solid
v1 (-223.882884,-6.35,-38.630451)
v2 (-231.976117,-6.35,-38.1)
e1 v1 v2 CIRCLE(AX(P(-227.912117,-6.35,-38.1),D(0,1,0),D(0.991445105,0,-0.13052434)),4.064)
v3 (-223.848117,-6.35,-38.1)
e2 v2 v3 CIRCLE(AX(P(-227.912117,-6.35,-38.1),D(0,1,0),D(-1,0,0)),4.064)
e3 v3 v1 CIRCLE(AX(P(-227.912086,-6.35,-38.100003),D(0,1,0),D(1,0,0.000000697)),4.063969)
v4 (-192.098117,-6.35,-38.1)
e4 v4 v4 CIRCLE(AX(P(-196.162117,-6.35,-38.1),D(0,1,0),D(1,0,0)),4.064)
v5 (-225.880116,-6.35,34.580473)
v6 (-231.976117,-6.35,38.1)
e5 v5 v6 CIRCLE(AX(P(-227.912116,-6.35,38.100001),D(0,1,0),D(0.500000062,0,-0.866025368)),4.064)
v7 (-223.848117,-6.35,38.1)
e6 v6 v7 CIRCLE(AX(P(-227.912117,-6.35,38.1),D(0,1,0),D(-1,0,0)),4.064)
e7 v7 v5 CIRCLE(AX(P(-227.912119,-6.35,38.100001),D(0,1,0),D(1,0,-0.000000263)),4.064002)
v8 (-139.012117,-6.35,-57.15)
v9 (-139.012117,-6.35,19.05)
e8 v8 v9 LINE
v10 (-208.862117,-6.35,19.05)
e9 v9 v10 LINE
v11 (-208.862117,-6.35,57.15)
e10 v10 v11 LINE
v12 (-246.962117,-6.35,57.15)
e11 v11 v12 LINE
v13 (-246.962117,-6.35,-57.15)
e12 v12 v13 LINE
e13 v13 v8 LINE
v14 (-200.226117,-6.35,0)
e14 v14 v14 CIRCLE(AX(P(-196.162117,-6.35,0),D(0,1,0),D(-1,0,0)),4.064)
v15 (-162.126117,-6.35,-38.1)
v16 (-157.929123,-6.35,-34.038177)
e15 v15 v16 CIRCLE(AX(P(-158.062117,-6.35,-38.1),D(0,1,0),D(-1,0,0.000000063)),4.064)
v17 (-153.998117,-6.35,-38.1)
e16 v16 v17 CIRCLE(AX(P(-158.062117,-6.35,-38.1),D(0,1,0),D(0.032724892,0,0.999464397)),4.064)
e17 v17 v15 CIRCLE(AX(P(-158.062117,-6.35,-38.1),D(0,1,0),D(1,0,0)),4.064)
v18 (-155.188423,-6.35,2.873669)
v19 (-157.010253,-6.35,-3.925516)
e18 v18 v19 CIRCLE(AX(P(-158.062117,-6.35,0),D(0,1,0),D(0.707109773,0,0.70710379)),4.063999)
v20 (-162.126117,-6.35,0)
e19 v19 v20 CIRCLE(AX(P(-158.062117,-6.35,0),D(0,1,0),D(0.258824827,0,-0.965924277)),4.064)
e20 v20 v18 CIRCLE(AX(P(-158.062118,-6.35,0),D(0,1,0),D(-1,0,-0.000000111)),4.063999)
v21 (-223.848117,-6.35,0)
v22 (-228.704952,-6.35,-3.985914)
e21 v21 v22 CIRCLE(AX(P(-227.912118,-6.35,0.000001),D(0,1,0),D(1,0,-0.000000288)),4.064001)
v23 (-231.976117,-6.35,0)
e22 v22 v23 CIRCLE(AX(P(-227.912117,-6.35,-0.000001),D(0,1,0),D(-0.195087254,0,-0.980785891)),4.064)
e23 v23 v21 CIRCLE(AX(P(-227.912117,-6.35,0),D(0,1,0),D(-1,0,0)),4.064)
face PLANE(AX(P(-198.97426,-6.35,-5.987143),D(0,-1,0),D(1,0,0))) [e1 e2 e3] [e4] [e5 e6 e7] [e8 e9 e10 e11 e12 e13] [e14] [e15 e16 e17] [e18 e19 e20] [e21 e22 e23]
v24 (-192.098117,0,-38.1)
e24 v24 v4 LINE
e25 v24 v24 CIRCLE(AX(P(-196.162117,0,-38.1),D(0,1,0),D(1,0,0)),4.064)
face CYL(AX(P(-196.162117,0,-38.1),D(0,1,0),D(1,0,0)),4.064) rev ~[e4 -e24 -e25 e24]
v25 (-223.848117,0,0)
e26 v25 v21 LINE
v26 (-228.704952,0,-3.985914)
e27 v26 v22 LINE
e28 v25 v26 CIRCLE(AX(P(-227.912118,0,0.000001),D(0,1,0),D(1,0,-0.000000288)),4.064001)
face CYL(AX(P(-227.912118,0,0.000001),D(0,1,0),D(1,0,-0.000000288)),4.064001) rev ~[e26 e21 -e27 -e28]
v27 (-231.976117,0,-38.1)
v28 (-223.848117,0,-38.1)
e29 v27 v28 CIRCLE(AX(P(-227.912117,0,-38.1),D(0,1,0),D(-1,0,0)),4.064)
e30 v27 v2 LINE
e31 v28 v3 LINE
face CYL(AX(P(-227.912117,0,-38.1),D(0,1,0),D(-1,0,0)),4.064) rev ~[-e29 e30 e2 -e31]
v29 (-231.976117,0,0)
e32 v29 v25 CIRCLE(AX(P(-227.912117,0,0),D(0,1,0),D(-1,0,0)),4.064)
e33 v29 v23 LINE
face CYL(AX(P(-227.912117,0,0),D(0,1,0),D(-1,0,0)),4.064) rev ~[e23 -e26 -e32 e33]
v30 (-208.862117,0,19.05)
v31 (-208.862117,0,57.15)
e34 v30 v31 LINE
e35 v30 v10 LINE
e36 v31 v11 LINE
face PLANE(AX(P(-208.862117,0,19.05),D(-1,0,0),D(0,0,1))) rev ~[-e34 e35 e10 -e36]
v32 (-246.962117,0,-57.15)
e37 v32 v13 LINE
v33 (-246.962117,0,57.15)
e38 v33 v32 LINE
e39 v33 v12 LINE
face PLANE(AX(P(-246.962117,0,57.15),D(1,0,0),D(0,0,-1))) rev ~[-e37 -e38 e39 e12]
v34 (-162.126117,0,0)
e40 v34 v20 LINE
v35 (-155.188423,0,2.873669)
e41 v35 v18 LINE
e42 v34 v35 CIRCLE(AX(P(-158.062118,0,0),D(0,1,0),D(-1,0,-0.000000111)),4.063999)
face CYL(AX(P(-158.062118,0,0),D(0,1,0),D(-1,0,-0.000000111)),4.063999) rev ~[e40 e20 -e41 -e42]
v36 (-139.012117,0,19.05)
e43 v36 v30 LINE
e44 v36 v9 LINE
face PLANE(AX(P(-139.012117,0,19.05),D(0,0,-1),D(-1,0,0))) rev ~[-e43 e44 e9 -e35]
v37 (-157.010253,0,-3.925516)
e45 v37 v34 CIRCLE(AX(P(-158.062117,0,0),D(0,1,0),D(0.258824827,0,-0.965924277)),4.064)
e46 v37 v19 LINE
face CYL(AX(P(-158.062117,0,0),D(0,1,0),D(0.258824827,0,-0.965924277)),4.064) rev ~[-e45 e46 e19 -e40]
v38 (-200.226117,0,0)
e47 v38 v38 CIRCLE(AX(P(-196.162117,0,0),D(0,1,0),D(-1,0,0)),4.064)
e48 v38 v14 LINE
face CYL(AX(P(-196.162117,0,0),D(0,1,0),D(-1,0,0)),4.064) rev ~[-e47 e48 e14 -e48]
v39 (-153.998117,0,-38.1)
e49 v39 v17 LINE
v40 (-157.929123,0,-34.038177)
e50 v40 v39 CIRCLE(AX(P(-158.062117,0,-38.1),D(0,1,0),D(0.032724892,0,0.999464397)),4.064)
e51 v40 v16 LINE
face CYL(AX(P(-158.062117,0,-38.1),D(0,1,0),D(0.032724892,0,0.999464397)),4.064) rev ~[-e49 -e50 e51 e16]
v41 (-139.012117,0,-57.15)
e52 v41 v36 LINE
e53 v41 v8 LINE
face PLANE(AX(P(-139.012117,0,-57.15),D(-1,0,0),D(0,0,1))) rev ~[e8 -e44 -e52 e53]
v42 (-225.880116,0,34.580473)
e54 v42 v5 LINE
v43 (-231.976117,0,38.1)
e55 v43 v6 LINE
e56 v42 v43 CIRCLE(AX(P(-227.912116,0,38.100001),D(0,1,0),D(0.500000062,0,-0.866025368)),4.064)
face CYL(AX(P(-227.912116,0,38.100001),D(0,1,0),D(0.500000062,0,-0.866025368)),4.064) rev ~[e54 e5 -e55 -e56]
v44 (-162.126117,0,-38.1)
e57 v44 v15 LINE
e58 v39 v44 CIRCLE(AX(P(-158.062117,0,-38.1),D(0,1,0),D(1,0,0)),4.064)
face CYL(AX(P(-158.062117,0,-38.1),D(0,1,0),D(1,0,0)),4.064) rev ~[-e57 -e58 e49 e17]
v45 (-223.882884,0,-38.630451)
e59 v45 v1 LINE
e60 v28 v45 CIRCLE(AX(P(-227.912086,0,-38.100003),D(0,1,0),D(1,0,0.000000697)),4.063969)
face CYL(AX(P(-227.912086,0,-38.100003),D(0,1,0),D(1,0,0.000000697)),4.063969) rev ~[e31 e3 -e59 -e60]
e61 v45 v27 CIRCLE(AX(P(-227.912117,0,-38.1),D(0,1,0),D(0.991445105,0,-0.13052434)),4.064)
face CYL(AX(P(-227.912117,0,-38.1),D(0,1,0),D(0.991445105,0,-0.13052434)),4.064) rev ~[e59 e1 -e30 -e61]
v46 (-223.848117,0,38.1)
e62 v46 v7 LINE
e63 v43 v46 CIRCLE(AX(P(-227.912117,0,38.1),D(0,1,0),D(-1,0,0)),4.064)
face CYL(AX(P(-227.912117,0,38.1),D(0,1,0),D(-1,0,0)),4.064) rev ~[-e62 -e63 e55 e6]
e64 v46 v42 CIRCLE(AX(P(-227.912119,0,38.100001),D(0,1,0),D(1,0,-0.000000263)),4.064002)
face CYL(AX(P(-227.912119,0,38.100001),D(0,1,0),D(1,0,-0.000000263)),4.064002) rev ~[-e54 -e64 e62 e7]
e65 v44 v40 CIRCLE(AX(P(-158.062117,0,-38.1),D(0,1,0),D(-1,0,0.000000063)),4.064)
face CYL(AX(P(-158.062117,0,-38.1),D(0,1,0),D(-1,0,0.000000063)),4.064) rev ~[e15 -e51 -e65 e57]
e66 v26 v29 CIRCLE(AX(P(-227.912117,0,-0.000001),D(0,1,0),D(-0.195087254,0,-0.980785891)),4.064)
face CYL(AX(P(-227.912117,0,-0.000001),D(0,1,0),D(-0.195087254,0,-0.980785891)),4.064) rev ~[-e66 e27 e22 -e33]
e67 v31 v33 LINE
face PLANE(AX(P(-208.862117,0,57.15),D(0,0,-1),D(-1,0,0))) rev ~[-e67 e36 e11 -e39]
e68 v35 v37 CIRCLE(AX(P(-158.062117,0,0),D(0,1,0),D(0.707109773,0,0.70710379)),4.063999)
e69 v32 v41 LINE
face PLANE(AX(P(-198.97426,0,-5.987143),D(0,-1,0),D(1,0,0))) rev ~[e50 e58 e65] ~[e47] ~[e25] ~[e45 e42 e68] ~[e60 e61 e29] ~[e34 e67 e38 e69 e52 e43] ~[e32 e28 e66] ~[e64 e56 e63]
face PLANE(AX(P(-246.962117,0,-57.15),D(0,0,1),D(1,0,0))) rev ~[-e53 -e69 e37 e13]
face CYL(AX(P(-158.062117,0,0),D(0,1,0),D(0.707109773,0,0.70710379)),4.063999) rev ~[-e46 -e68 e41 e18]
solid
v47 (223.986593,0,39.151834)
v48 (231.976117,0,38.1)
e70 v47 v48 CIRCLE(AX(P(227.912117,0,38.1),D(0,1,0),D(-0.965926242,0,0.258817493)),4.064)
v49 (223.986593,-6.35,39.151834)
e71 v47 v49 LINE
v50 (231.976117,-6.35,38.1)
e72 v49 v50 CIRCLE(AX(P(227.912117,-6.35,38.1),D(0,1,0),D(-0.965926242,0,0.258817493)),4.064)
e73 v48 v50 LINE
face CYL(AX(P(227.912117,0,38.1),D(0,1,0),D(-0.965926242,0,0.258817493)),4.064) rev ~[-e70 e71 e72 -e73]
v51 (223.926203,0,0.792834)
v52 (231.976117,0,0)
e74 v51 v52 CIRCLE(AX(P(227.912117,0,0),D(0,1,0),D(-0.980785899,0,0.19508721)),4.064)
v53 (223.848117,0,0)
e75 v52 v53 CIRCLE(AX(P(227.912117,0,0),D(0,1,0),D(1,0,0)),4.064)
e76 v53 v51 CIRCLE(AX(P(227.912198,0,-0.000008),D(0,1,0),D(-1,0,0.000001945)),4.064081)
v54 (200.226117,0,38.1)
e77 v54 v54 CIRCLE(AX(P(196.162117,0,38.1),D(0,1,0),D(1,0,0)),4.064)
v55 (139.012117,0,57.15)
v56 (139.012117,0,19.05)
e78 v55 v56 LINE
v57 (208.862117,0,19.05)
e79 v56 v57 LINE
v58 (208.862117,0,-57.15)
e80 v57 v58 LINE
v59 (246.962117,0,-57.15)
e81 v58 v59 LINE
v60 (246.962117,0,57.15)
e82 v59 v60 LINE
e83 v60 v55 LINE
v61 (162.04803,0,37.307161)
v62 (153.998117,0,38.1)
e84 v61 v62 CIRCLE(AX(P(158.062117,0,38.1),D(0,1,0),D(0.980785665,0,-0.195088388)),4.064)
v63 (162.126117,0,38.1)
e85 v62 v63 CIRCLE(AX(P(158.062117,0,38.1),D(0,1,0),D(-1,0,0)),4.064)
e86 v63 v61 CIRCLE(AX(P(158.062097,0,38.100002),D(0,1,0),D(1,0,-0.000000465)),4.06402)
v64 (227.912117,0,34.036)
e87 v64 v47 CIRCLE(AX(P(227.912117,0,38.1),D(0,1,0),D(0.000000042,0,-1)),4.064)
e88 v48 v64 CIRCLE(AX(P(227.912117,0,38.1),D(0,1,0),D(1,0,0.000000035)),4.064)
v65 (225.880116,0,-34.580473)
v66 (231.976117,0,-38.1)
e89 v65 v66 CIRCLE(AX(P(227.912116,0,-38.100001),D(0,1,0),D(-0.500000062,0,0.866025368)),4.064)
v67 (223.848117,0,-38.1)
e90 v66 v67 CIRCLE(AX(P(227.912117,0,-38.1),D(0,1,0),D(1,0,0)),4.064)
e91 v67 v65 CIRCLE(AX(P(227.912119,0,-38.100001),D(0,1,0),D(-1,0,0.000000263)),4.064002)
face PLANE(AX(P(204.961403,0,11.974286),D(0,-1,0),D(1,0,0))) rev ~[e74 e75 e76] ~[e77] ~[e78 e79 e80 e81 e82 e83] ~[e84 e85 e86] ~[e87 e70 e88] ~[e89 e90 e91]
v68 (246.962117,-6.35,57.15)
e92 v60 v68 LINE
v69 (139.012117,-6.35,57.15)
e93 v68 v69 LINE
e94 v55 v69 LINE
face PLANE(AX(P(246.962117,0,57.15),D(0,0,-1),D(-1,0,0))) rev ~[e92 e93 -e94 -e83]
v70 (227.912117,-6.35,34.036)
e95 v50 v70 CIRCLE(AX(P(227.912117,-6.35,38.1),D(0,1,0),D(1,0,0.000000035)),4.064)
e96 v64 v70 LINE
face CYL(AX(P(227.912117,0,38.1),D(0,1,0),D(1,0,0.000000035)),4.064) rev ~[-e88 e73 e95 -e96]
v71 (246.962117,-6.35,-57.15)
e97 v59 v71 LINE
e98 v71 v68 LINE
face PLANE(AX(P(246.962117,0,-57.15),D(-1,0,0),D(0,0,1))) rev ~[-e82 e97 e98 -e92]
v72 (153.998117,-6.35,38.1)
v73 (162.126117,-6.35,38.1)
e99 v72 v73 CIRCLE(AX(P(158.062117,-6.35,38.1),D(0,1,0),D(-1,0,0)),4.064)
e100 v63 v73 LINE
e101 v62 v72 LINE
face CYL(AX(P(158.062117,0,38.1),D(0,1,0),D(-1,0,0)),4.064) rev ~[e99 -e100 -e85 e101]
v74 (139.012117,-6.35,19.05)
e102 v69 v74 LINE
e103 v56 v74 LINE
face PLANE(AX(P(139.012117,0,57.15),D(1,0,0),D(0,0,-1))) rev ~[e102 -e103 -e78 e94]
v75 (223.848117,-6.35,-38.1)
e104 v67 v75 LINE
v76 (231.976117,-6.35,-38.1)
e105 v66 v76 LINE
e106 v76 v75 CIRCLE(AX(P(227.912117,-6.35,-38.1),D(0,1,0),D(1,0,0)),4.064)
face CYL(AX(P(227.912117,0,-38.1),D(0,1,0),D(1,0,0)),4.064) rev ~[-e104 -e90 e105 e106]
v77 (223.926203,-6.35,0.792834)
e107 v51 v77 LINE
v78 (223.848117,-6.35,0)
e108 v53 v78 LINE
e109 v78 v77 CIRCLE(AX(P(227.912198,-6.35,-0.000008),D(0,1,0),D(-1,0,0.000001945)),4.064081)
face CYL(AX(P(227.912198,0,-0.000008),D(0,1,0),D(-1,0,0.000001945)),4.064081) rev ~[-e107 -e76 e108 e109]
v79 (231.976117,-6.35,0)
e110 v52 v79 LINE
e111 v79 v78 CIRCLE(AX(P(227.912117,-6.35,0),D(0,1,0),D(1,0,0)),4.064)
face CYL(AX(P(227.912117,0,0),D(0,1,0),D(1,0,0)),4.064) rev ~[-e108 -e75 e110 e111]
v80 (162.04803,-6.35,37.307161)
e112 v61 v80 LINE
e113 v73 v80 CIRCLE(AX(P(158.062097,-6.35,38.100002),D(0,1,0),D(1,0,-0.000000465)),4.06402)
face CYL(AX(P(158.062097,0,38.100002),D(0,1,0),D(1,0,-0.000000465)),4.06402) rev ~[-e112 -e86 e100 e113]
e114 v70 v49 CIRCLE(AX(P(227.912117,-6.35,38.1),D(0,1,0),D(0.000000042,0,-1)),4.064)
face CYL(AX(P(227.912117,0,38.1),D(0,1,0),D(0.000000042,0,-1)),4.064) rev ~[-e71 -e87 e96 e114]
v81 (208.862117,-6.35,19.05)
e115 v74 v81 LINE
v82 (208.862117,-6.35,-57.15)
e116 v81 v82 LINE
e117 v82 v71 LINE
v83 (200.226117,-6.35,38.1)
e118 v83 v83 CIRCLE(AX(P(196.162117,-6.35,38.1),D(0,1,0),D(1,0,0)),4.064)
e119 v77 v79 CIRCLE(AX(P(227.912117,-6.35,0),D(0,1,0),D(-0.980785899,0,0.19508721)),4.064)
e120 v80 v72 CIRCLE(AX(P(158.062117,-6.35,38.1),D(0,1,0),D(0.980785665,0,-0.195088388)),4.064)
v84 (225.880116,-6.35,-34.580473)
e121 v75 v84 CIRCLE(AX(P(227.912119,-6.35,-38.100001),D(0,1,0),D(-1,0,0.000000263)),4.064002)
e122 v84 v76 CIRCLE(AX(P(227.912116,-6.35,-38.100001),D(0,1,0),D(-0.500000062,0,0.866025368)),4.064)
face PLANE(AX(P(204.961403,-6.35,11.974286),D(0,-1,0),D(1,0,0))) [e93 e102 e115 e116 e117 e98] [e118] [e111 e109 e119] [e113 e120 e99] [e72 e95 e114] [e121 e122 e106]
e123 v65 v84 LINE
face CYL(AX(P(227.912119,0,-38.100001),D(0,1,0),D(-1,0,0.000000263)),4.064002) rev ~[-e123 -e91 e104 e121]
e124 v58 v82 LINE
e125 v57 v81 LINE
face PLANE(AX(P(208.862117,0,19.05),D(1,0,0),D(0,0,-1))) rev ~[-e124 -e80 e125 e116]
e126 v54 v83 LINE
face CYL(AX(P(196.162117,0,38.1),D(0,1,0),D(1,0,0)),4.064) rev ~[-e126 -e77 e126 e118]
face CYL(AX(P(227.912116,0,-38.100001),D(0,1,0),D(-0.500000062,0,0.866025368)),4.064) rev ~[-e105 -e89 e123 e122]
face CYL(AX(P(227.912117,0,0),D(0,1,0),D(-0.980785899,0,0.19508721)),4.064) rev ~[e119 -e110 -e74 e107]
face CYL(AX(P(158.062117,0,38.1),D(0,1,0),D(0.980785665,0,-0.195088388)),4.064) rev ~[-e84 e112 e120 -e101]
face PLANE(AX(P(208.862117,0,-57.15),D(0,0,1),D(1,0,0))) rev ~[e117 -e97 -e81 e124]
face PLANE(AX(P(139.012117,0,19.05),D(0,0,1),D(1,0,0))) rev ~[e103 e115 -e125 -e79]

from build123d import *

# Parameters (mm, degrees)
F1_DEPTH = 6.35


with BuildPart() as f1:
    # F0 (on Front) → F1 (new body)
    with BuildSketch(Plane.XZ):
        Polygon((-246.962117, -57.15), (-139.012117, -57.15), (-139.012117, 19.05), (-208.862117, 19.05), (-208.862117, 57.15), (-246.962117, 57.15), align=None)
        with BuildLine():
            ThreePointArc((-223.848117, -38.1), (-223.856818, -38.365795), (-223.882884, -38.630451))
            ThreePointArc((-223.882884, -38.630451), (-228.177912, -42.155299), (-231.976117, -38.1))
            ThreePointArc((-231.976117, -38.1), (-227.912117, -34.036), (-223.848117, -38.1))
        make_face(mode=Mode.SUBTRACT)
        with BuildLine():
            ThreePointArc((-200.226117, -38.1), (-196.162117, -34.036), (-192.098117, -38.1))
            ThreePointArc((-192.098117, -38.1), (-196.162117, -42.164), (-200.226117, -38.1))
        make_face(mode=Mode.SUBTRACT)
        with BuildLine():
            ThreePointArc((-162.126117, -38.1), (-160.888387, -35.179676), (-157.929123, -34.038177))
            ThreePointArc((-157.929123, -34.038177), (-155.141793, -35.27373), (-153.998117, -38.1))
            ThreePointArc((-153.998117, -38.1), (-158.062117, -42.164), (-162.126117, -38.1))
        make_face(mode=Mode.SUBTRACT)
        with BuildLine():
            ThreePointArc((-155.188423, 2.873669), (-154.136594, -1.051838), (-157.010253, -3.925516))
            ThreePointArc((-157.010253, -3.925516), (-160.536114, -3.224195), (-162.126117, 0))
            ThreePointArc((-162.126117, 0), (-159.617334, 3.75465), (-155.188423, 2.873669))
        make_face(mode=Mode.SUBTRACT)
        with BuildLine():
            ThreePointArc((-223.848117, 0), (-225.333938, -3.14151), (-228.704952, -3.985914))
            ThreePointArc((-228.704952, -3.985914), (-231.053628, -2.578179), (-231.976117, 0))
            ThreePointArc((-231.976117, 0), (-227.912117, 4.064), (-223.848117, 0))
        make_face(mode=Mode.SUBTRACT)
        with BuildLine():
            ThreePointArc((-192.098117, 0), (-196.162117, -4.064), (-200.226117, 0))
            ThreePointArc((-200.226117, 0), (-196.162117, 4.064), (-192.098117, 0))
        make_face(mode=Mode.SUBTRACT)
        with BuildLine():
            ThreePointArc((-223.848117, 38.1), (-224.39259, 36.068), (-225.880116, 34.580473))
            ThreePointArc((-225.880116, 34.580473), (-229.944117, 34.580473), (-231.976117, 38.1))
            ThreePointArc((-231.976117, 38.1), (-227.912117, 42.164), (-223.848117, 38.1))
        make_face(mode=Mode.SUBTRACT)
        Polygon((246.962117, 57.15), (139.012117, 57.15), (139.012117, 19.05), (208.862117, 19.05), (208.862117, -57.15), (246.962117, -57.15), align=None)
        with BuildLine():
            ThreePointArc((223.848117, -38.1), (224.39259, -36.068), (225.880116, -34.580473))
            ThreePointArc((225.880116, -34.580473), (229.944117, -34.580473), (231.976117, -38.1))
            ThreePointArc((231.976117, -38.1), (227.912117, -42.164), (223.848117, -38.1))
        make_face(mode=Mode.SUBTRACT)
        with BuildLine():
            ThreePointArc((223.848117, 0), (223.867686, 0.398335), (223.926203, 0.792834))
            ThreePointArc((223.926203, 0.792834), (228.310452, 4.044431), (231.976117, 0))
            ThreePointArc((231.976117, 0), (227.912117, -4.064), (223.848117, 0))
        make_face(mode=Mode.SUBTRACT)
        with BuildLine():
            ThreePointArc((162.126117, 38.1), (162.106548, 37.701662), (162.04803, 37.307161))
            ThreePointArc((162.04803, 37.307161), (157.66378, 34.055569), (153.998117, 38.1))
            ThreePointArc((153.998117, 38.1), (158.062117, 42.164), (162.126117, 38.1))
        make_face(mode=Mode.SUBTRACT)
        with BuildLine():
            ThreePointArc((192.098117, 38.1), (196.162117, 42.164), (200.226117, 38.1))
            ThreePointArc((200.226117, 38.1), (196.162117, 34.036), (192.098117, 38.1))
        make_face(mode=Mode.SUBTRACT)
        with BuildLine():
            ThreePointArc((231.976117, 38.1), (230.785799, 35.226318), (227.912117, 34.036))
            ThreePointArc((227.912117, 34.036), (224.687931, 35.625991), (223.986593, 39.151834))
            ThreePointArc((223.986593, 39.151834), (228.442572, 42.129232), (231.976117, 38.1))
        make_face(mode=Mode.SUBTRACT)
    extrude(amount=F1_DEPTH)


solid = f1.part
